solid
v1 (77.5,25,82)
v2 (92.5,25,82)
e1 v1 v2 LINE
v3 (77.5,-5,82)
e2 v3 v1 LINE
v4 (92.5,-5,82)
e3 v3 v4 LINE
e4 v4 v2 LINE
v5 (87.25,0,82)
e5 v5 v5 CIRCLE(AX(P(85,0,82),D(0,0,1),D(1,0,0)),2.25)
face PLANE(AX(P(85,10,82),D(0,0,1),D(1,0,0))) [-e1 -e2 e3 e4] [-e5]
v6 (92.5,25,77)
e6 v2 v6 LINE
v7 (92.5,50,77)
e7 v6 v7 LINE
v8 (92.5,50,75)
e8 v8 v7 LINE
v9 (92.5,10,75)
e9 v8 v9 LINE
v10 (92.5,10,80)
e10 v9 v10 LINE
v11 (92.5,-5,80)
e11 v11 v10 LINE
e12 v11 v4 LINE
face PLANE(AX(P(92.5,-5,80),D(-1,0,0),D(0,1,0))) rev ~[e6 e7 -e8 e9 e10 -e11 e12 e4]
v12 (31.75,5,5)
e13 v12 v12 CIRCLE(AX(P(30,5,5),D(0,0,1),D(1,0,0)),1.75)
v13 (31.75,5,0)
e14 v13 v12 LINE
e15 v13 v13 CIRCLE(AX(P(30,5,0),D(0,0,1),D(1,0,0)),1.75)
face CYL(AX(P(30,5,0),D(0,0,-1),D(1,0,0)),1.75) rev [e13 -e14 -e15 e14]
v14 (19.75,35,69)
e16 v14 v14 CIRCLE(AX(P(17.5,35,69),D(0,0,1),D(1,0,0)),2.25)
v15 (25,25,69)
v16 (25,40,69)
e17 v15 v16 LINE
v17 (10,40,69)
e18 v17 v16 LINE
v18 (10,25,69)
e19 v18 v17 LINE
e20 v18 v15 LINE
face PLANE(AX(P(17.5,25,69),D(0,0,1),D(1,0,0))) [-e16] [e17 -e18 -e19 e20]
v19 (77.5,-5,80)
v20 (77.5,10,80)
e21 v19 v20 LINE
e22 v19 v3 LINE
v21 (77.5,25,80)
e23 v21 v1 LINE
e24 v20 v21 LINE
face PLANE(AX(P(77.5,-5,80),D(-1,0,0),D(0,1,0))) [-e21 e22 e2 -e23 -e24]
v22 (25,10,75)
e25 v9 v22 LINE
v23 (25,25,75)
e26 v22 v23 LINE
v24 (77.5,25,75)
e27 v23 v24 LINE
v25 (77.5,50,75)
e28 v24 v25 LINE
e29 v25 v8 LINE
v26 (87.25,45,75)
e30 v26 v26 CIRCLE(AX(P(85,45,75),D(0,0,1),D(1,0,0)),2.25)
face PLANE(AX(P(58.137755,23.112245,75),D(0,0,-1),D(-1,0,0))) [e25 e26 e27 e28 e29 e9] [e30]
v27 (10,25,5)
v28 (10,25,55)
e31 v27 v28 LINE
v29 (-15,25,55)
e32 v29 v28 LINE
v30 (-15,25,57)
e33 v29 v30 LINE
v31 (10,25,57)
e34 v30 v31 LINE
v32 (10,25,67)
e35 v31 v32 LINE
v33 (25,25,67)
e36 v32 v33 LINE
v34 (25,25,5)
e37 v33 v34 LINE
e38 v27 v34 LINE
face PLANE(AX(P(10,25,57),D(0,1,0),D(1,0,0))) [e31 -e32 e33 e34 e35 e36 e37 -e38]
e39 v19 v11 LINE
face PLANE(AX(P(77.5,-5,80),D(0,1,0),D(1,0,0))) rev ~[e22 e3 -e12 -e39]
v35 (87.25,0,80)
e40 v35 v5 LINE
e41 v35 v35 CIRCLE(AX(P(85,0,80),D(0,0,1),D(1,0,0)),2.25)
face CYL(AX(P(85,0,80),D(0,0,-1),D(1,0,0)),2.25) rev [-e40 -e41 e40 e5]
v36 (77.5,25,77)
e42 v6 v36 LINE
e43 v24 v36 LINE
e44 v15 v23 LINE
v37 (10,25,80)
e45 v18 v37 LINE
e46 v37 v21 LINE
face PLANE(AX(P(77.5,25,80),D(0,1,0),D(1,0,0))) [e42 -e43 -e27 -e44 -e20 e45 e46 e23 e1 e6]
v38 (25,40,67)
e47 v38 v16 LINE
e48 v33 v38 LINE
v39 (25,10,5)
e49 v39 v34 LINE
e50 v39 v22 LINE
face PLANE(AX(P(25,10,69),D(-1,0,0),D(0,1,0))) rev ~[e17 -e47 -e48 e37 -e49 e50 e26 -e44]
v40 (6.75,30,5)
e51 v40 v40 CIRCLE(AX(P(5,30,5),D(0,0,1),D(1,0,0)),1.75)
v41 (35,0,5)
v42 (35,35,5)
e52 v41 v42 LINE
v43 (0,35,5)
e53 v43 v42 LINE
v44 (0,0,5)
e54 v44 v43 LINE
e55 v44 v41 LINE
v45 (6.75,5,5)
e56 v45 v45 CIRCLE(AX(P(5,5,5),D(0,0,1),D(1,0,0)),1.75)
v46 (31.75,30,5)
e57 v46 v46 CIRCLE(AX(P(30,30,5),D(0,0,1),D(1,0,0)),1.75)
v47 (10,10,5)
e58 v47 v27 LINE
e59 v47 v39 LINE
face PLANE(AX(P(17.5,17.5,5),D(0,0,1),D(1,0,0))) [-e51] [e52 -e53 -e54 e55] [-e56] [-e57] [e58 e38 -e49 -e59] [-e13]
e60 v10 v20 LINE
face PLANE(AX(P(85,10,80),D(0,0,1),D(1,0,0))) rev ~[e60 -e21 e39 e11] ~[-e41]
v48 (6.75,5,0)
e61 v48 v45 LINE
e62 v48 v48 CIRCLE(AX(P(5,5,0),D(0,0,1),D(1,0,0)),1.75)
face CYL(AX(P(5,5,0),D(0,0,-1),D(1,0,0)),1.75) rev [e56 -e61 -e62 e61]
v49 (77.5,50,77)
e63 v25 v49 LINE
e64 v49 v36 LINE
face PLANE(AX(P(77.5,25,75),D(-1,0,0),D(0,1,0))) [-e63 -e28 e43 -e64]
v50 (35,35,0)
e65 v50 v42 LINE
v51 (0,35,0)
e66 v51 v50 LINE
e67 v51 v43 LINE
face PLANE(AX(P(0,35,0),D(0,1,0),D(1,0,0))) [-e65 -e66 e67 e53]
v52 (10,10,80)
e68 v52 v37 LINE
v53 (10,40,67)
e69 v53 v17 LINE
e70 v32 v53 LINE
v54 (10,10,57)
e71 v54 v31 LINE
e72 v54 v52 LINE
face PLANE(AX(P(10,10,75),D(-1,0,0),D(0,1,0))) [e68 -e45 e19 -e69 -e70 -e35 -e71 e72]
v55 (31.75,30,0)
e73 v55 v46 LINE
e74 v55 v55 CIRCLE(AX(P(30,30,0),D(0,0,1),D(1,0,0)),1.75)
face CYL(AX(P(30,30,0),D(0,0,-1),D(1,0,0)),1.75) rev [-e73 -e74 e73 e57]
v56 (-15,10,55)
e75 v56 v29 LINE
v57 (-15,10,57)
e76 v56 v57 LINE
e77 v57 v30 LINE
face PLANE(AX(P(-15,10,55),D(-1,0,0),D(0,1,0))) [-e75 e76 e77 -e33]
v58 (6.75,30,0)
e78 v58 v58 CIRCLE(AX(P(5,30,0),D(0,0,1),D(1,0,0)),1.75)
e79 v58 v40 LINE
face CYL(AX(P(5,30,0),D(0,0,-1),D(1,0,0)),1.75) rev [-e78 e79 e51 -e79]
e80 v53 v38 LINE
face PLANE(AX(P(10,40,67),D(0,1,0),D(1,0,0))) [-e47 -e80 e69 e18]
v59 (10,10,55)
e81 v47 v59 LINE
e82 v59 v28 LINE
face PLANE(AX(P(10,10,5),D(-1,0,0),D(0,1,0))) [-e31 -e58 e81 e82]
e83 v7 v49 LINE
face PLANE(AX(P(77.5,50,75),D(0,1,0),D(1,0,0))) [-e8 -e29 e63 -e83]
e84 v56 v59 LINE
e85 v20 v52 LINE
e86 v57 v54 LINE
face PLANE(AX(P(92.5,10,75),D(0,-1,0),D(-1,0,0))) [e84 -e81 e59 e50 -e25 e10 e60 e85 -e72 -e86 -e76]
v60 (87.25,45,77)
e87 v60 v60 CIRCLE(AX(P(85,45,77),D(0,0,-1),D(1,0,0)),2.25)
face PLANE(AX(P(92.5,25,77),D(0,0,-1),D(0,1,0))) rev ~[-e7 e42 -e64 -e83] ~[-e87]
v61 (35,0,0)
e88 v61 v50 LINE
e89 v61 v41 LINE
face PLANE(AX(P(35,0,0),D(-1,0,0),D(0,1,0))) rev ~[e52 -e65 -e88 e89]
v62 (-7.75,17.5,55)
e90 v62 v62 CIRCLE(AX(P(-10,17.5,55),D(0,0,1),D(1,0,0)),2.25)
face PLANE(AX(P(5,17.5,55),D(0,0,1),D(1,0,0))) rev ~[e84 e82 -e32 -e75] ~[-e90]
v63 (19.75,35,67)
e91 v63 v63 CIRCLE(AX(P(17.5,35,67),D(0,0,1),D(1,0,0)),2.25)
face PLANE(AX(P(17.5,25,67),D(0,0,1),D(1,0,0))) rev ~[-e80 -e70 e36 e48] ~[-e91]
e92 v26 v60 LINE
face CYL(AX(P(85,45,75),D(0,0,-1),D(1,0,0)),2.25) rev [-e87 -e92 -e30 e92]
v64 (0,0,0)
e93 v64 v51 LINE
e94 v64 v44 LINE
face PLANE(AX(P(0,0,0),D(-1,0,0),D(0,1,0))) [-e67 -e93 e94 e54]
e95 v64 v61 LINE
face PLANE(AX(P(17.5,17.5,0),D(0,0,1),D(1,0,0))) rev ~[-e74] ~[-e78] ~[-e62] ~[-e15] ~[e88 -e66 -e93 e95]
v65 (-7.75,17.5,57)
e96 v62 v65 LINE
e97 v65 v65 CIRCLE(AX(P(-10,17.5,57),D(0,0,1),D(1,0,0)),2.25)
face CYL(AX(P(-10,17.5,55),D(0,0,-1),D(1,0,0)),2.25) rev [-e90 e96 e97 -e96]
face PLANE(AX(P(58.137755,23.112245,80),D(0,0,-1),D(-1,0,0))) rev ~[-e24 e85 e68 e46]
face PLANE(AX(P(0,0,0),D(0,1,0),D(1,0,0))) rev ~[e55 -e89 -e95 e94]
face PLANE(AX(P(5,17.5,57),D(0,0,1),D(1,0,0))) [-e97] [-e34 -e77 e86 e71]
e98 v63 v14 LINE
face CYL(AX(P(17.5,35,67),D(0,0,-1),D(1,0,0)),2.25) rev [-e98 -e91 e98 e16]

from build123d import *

# Parameters (mm, degrees)
SKETCH_W     = 35
SKETCH_H     = 35
SKETCH_R     = 1.75
PAD_DEPTH    = 5
SKETCH001_W  = 15
SKETCH001_H  = 15
PAD001_DEPTH = 50
SKETCH002_W  = 40
SKETCH002_H  = 15
SKETCH002_R  = 2.25
PAD002_DEPTH = 2
SKETCH003_W  = 15
SKETCH003_H  = 15
PAD003_DEPTH = 10
SKETCH004_W  = 15
SKETCH004_H  = 30
SKETCH004_R  = 2.25
PAD004_DEPTH = 2
SKETCH005_W  = 15
SKETCH005_H  = 15
PAD005_DEPTH = 6
SKETCH006_R  = 2.25
PAD006_DEPTH = 5
SKETCH007_W  = 15
SKETCH007_H  = 30
SKETCH007_R  = 2.25
PAD007_DEPTH = 2
SKETCH008_W  = 25
SKETCH008_H  = 3
POCKET_DEPTH = 25


with BuildPart() as part:
    # Sketch → Pad (new body)
    with BuildSketch(Plane.XY):
        with Locations((17.5, 17.5)):
            Rectangle(SKETCH_W, SKETCH_H)
        with Locations((5, 5)):
            Circle(SKETCH_R, mode=Mode.SUBTRACT)
        with Locations((5, 30)):
            Circle(SKETCH_R, mode=Mode.SUBTRACT)
        with Locations((30, 30)):
            Circle(SKETCH_R, mode=Mode.SUBTRACT)
        with Locations((30, 5)):
            Circle(SKETCH_R, mode=Mode.SUBTRACT)
    extrude(amount=PAD_DEPTH)

    # Sketch001 (on Face10 of Pad) → Pad001 (join)
    with BuildSketch(Plane.XY.offset(5)):
        with Locations((17.5, 17.5)):
            Rectangle(SKETCH001_W, SKETCH001_H)
    extrude(amount=PAD001_DEPTH)

    # Sketch002 (on Face15 of Pad001) → Pad002 (join)
    with BuildSketch(Plane.XY.offset(55)):
        with Locations((5, 17.5)):
            Rectangle(SKETCH002_W, SKETCH002_H)
        with Locations((-10, 17.5)):
            Circle(SKETCH002_R, mode=Mode.SUBTRACT)
    extrude(amount=PAD002_DEPTH)

    # Sketch003 (on Face21 of Pad002) → Pad003 (join)
    with BuildSketch(Plane.XY.offset(57)):
        with Locations((17.5, 17.5)):
            Rectangle(SKETCH003_W, SKETCH003_H)
    extrude(amount=PAD003_DEPTH)

    # Sketch004 (on Face26 of Pad003) → Pad004 (join)
    with BuildSketch(Plane.XY.offset(67)):
        with Locations((17.5, 25)):
            Rectangle(SKETCH004_W, SKETCH004_H)
        with Locations((17.5, 35)):
            Circle(SKETCH004_R, mode=Mode.SUBTRACT)
    extrude(amount=PAD004_DEPTH)

    # Sketch005 (on Face30 of Pad004) → Pad005 (join)
    with BuildSketch(Plane.XY.offset(69)):
        with Locations((17.5, 17.5)):
            Rectangle(SKETCH005_W, SKETCH005_H)
    extrude(amount=PAD005_DEPTH)

    # Sketch006 (on Face36 of Pad005) → Pad006 (join)
    with BuildSketch(Plane.XY.offset(75)):
        Polygon((10, 25), (77.5, 25), (77.5, 50), (92.5, 50), (92.5, 10), (10, 10), align=None)
        with Locations((85, 45)):
            Circle(SKETCH006_R, mode=Mode.SUBTRACT)
    extrude(amount=PAD006_DEPTH)

    # Sketch007 (on Face41 of Pad006) → Pad007 (join)
    with BuildSketch(Plane.XY.offset(80)):
        with Locations((85, 10)):
            Rectangle(SKETCH007_W, SKETCH007_H)
        with Locations((85, 0)):
            Circle(SKETCH007_R, mode=Mode.SUBTRACT)
    extrude(amount=PAD007_DEPTH)

    # Sketch008 (on Face40 of Pad007) → Pocket (cut)
    with BuildSketch(Plane.YZ.offset(92.5)):
        with Locations((37.5, 78.5)):
            Rectangle(SKETCH008_W, SKETCH008_H)
    extrude(amount=-POCKET_DEPTH, mode=Mode.SUBTRACT)


solid = part.part
